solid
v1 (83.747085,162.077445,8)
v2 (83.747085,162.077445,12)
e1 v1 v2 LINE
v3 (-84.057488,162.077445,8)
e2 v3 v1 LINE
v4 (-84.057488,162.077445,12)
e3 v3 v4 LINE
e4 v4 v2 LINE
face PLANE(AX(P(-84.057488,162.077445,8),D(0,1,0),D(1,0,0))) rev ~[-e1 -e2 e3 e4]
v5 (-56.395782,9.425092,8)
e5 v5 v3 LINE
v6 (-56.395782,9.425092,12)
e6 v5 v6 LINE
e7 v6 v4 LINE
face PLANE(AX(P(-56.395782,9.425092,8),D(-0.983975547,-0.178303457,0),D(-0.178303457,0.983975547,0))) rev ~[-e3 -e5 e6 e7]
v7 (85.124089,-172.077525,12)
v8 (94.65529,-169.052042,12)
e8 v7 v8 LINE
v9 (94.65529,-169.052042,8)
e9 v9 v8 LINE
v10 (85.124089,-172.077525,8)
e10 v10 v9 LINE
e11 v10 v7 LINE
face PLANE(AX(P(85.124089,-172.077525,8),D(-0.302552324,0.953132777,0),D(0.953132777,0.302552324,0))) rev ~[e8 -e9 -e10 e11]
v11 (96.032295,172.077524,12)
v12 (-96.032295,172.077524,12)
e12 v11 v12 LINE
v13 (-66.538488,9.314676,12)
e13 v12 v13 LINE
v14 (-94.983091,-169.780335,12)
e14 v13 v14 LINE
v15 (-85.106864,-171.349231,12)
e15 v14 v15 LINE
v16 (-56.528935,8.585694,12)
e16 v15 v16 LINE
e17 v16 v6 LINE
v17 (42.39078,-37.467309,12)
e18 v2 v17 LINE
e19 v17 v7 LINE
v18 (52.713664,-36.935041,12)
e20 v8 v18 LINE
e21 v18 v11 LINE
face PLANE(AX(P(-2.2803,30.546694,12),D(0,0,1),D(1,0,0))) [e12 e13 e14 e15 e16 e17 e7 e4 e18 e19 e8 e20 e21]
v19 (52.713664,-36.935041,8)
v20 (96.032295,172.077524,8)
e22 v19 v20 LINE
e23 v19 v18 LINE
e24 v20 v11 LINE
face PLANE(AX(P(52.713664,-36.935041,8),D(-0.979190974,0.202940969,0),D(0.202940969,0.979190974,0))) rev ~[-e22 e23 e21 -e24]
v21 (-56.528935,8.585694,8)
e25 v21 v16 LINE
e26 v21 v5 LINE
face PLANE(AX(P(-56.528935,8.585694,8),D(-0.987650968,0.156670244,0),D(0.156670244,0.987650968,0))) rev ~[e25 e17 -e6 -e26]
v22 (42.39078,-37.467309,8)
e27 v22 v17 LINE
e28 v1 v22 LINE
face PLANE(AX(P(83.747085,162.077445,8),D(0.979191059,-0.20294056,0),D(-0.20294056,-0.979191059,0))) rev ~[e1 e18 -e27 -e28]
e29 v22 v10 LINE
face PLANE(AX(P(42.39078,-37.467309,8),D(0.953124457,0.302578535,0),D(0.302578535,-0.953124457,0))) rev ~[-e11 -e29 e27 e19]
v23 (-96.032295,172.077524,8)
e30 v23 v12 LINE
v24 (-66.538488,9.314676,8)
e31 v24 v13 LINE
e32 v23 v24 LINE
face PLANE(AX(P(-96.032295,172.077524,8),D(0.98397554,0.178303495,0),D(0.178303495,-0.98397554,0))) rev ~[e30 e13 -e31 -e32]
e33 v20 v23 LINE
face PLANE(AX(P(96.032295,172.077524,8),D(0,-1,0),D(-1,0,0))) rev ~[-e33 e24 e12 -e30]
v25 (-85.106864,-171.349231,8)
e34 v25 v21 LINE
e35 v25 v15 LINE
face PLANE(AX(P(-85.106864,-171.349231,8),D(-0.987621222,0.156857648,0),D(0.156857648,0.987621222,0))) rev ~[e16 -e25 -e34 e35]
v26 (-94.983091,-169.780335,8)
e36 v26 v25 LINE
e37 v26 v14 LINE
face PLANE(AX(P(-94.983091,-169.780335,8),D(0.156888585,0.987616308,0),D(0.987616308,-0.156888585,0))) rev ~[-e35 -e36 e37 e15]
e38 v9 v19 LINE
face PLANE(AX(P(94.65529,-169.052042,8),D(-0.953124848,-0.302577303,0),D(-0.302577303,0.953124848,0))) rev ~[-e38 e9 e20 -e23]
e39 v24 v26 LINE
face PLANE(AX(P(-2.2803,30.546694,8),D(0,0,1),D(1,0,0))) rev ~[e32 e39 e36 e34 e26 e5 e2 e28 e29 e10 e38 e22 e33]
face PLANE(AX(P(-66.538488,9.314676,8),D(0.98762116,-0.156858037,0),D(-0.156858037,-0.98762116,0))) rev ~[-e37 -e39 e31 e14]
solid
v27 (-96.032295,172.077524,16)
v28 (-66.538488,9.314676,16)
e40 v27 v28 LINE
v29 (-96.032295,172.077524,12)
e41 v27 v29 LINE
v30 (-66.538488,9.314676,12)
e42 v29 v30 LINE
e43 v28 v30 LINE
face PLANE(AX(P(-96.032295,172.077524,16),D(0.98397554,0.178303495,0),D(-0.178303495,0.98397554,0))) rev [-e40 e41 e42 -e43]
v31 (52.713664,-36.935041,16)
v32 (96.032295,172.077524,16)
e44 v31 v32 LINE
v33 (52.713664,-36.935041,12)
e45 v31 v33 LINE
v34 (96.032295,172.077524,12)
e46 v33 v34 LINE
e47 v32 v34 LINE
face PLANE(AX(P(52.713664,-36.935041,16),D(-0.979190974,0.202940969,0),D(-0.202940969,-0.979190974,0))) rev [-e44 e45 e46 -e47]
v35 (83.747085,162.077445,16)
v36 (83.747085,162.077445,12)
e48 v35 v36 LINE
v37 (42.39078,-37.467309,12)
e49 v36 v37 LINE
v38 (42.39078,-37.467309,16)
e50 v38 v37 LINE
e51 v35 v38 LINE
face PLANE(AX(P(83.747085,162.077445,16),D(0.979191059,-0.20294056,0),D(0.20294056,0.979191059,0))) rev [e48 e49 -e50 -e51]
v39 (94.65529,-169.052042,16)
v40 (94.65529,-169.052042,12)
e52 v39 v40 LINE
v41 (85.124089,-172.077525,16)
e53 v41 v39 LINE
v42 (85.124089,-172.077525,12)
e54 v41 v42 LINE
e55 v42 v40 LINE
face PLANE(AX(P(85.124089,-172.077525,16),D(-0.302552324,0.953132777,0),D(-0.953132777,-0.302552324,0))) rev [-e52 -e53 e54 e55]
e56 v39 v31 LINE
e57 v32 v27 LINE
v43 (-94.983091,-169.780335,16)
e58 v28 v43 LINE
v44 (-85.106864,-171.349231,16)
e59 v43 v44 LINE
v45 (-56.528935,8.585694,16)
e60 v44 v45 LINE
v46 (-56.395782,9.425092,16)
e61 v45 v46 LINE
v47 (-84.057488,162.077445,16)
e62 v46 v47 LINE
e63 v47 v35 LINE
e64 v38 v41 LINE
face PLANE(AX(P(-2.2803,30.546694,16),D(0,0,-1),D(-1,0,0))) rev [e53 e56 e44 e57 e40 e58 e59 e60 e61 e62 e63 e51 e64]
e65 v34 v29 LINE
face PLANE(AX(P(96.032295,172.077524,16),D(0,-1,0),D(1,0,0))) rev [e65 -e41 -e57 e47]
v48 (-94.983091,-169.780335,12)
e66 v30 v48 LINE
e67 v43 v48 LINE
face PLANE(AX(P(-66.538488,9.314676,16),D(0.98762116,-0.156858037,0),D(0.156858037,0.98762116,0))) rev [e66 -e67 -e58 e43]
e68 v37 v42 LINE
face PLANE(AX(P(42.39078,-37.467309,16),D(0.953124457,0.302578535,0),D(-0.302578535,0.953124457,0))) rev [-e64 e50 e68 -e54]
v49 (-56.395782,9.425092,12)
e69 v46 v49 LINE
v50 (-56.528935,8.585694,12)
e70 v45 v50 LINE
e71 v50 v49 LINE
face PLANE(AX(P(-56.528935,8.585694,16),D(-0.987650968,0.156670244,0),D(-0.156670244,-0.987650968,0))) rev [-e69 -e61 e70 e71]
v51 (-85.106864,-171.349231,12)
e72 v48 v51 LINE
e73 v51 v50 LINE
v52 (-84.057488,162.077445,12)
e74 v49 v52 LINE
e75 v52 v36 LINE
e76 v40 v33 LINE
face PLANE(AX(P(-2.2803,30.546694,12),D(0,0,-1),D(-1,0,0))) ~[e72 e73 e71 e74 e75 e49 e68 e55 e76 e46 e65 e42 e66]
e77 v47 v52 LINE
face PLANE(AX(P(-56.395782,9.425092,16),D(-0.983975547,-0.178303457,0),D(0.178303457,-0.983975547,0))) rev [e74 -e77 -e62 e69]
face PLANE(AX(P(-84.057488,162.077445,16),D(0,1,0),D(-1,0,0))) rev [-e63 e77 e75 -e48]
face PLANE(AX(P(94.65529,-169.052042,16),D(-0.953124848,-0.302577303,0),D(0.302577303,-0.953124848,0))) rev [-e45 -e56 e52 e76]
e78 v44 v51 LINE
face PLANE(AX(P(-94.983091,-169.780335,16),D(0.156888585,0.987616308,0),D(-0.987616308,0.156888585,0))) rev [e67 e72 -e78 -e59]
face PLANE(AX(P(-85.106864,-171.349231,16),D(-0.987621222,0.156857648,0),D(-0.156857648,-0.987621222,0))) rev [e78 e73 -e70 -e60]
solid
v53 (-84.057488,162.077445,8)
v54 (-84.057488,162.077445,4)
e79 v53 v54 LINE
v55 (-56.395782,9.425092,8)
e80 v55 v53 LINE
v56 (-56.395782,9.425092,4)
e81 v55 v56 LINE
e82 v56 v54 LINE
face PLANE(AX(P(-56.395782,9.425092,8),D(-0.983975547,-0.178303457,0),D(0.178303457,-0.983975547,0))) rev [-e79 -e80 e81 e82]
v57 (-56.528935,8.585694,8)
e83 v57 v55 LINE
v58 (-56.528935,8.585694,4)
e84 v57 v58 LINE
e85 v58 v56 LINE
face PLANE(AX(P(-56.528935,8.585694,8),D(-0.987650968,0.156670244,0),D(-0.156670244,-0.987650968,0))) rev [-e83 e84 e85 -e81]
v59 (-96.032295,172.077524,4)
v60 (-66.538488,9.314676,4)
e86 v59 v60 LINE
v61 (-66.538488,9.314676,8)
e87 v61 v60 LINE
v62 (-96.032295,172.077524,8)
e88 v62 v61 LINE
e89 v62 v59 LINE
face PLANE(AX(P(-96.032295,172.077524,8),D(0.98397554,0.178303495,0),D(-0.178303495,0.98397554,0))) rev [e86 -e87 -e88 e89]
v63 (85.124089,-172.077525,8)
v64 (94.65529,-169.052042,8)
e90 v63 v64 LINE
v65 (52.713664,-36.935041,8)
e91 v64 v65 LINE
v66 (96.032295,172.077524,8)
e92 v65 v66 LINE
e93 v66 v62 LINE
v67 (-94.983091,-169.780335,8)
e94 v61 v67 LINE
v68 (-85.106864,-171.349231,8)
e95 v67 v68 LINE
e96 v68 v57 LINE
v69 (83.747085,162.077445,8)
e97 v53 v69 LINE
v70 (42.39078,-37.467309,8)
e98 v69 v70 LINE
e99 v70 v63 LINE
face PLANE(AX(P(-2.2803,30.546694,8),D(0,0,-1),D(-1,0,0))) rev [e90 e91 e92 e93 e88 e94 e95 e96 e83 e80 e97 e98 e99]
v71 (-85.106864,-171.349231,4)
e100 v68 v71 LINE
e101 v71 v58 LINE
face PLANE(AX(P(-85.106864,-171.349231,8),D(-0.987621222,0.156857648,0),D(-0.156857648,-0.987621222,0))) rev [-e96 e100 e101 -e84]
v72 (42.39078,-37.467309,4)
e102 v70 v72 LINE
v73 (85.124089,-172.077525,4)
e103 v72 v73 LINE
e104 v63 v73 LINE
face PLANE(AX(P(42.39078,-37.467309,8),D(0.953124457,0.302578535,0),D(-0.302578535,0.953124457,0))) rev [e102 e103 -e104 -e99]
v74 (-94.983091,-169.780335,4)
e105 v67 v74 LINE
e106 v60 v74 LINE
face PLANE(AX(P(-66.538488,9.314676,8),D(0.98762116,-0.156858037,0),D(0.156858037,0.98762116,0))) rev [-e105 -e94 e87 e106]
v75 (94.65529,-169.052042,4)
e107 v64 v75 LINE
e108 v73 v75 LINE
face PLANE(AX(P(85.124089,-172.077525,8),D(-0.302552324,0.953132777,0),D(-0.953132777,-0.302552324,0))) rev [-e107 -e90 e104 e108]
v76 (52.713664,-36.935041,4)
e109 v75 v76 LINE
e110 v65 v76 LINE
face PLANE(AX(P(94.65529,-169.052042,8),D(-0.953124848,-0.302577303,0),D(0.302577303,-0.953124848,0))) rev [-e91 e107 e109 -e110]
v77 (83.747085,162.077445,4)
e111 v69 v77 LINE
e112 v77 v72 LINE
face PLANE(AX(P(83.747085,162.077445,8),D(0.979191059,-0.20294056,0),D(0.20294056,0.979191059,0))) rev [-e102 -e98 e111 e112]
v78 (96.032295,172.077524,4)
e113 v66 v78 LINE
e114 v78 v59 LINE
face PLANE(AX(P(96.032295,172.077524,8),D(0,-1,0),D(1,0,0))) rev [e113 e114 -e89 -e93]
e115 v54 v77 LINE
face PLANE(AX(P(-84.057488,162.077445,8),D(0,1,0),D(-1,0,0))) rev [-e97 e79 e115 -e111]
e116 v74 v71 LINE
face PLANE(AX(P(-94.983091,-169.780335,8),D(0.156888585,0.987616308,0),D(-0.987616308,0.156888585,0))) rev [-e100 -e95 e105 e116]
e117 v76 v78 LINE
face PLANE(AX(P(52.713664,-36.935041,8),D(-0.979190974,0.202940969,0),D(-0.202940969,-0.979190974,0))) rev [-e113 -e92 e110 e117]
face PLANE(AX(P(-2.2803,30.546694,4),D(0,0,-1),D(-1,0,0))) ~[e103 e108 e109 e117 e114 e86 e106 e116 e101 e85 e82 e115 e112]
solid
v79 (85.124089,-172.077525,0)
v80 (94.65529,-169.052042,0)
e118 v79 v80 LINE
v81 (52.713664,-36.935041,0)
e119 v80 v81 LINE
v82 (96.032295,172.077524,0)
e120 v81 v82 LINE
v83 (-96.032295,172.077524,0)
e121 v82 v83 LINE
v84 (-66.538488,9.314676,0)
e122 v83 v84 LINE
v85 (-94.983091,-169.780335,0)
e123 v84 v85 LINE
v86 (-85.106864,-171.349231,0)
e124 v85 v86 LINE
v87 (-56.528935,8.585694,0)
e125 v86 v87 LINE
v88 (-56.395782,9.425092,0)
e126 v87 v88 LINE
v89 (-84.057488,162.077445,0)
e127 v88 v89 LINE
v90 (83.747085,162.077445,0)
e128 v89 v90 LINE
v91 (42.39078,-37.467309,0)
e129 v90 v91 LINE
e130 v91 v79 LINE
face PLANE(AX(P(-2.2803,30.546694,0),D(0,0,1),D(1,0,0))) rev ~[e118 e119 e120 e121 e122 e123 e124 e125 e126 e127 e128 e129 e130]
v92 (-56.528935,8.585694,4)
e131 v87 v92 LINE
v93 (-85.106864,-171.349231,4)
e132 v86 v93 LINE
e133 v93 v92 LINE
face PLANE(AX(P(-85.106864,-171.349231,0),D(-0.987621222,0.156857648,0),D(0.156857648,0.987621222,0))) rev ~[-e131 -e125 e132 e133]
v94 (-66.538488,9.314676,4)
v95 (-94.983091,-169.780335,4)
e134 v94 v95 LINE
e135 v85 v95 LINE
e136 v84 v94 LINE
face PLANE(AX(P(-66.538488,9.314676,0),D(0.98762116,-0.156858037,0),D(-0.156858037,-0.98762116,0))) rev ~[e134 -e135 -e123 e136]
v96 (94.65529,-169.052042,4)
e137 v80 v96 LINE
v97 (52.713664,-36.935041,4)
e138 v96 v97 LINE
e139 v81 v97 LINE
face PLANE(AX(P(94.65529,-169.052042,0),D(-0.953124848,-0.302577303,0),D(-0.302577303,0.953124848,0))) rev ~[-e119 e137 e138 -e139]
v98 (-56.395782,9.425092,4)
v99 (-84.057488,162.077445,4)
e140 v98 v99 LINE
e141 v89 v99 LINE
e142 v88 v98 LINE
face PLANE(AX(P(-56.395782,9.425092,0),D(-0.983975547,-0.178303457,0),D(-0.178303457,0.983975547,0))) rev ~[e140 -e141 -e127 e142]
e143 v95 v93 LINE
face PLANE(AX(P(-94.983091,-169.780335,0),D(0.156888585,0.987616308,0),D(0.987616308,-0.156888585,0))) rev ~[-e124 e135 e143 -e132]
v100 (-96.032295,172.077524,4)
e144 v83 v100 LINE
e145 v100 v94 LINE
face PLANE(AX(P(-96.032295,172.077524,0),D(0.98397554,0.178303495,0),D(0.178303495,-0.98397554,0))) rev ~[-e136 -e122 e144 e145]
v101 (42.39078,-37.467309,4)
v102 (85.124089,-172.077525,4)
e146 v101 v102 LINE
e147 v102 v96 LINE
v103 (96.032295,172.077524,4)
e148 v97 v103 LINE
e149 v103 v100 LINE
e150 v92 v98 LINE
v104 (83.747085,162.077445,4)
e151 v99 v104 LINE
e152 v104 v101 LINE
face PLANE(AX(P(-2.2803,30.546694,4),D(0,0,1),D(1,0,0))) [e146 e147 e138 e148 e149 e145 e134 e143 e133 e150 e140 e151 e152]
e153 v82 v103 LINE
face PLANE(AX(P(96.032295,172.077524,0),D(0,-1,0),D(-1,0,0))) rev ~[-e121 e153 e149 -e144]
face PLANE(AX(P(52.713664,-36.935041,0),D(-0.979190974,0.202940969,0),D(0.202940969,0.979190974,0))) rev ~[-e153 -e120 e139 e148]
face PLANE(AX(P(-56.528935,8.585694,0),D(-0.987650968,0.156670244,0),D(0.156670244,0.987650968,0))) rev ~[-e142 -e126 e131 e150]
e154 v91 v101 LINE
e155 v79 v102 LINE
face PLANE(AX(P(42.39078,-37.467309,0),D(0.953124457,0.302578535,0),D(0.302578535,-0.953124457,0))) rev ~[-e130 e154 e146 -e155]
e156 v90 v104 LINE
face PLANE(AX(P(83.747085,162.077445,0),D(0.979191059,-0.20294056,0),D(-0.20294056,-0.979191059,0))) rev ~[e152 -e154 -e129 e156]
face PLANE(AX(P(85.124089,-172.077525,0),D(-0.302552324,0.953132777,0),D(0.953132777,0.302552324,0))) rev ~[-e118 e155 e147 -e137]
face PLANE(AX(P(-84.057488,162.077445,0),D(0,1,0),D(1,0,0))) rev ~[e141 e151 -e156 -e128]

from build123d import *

# Parameters (mm, degrees)
F1_DEPTH = 4


with BuildPart() as f1:
    # F0 (on Top) → F1 (new body)
    with BuildSketch(Plane.XY):
        Polygon((42.39078, -37.467309), (85.124089, -172.077525), (94.65529, -169.052042), (52.713664, -36.935041), (96.032295, 172.077524), (-96.032295, 172.077524), (-66.538488, 9.314676), (-94.983091, -169.780335), (-85.106864, -171.349231), (-56.528935, 8.585694), (-56.395782, 9.425092), (-84.057488, 162.077445), (83.747085, 162.077445), align=None)
    extrude(amount=F1_DEPTH)


with BuildPart() as f2_1:
    # F2: instance of F1
    add(f1.part.mirror(Plane(origin=(-2.3035039063, 32.7912756396, 4), x_dir=(1, 0, 0), z_dir=(0, 0, 1))))


with BuildPart() as f3_1:
    # F3: instance of F2_1
    add(f2_1.part.mirror(Plane(origin=(-2.3035039063, 32.7912756396, 8), x_dir=(1, 0, 0), z_dir=(0, 0, 1))))


with BuildPart() as f3_2:
    # F3: instance of F1
    add(f1.part.mirror(Plane(origin=(-2.3035039063, 32.7912756396, 8), x_dir=(1, 0, 0), z_dir=(0, 0, 1))))


solid = Compound([f1.part, f2_1.part, f3_1.part, f3_2.part])
